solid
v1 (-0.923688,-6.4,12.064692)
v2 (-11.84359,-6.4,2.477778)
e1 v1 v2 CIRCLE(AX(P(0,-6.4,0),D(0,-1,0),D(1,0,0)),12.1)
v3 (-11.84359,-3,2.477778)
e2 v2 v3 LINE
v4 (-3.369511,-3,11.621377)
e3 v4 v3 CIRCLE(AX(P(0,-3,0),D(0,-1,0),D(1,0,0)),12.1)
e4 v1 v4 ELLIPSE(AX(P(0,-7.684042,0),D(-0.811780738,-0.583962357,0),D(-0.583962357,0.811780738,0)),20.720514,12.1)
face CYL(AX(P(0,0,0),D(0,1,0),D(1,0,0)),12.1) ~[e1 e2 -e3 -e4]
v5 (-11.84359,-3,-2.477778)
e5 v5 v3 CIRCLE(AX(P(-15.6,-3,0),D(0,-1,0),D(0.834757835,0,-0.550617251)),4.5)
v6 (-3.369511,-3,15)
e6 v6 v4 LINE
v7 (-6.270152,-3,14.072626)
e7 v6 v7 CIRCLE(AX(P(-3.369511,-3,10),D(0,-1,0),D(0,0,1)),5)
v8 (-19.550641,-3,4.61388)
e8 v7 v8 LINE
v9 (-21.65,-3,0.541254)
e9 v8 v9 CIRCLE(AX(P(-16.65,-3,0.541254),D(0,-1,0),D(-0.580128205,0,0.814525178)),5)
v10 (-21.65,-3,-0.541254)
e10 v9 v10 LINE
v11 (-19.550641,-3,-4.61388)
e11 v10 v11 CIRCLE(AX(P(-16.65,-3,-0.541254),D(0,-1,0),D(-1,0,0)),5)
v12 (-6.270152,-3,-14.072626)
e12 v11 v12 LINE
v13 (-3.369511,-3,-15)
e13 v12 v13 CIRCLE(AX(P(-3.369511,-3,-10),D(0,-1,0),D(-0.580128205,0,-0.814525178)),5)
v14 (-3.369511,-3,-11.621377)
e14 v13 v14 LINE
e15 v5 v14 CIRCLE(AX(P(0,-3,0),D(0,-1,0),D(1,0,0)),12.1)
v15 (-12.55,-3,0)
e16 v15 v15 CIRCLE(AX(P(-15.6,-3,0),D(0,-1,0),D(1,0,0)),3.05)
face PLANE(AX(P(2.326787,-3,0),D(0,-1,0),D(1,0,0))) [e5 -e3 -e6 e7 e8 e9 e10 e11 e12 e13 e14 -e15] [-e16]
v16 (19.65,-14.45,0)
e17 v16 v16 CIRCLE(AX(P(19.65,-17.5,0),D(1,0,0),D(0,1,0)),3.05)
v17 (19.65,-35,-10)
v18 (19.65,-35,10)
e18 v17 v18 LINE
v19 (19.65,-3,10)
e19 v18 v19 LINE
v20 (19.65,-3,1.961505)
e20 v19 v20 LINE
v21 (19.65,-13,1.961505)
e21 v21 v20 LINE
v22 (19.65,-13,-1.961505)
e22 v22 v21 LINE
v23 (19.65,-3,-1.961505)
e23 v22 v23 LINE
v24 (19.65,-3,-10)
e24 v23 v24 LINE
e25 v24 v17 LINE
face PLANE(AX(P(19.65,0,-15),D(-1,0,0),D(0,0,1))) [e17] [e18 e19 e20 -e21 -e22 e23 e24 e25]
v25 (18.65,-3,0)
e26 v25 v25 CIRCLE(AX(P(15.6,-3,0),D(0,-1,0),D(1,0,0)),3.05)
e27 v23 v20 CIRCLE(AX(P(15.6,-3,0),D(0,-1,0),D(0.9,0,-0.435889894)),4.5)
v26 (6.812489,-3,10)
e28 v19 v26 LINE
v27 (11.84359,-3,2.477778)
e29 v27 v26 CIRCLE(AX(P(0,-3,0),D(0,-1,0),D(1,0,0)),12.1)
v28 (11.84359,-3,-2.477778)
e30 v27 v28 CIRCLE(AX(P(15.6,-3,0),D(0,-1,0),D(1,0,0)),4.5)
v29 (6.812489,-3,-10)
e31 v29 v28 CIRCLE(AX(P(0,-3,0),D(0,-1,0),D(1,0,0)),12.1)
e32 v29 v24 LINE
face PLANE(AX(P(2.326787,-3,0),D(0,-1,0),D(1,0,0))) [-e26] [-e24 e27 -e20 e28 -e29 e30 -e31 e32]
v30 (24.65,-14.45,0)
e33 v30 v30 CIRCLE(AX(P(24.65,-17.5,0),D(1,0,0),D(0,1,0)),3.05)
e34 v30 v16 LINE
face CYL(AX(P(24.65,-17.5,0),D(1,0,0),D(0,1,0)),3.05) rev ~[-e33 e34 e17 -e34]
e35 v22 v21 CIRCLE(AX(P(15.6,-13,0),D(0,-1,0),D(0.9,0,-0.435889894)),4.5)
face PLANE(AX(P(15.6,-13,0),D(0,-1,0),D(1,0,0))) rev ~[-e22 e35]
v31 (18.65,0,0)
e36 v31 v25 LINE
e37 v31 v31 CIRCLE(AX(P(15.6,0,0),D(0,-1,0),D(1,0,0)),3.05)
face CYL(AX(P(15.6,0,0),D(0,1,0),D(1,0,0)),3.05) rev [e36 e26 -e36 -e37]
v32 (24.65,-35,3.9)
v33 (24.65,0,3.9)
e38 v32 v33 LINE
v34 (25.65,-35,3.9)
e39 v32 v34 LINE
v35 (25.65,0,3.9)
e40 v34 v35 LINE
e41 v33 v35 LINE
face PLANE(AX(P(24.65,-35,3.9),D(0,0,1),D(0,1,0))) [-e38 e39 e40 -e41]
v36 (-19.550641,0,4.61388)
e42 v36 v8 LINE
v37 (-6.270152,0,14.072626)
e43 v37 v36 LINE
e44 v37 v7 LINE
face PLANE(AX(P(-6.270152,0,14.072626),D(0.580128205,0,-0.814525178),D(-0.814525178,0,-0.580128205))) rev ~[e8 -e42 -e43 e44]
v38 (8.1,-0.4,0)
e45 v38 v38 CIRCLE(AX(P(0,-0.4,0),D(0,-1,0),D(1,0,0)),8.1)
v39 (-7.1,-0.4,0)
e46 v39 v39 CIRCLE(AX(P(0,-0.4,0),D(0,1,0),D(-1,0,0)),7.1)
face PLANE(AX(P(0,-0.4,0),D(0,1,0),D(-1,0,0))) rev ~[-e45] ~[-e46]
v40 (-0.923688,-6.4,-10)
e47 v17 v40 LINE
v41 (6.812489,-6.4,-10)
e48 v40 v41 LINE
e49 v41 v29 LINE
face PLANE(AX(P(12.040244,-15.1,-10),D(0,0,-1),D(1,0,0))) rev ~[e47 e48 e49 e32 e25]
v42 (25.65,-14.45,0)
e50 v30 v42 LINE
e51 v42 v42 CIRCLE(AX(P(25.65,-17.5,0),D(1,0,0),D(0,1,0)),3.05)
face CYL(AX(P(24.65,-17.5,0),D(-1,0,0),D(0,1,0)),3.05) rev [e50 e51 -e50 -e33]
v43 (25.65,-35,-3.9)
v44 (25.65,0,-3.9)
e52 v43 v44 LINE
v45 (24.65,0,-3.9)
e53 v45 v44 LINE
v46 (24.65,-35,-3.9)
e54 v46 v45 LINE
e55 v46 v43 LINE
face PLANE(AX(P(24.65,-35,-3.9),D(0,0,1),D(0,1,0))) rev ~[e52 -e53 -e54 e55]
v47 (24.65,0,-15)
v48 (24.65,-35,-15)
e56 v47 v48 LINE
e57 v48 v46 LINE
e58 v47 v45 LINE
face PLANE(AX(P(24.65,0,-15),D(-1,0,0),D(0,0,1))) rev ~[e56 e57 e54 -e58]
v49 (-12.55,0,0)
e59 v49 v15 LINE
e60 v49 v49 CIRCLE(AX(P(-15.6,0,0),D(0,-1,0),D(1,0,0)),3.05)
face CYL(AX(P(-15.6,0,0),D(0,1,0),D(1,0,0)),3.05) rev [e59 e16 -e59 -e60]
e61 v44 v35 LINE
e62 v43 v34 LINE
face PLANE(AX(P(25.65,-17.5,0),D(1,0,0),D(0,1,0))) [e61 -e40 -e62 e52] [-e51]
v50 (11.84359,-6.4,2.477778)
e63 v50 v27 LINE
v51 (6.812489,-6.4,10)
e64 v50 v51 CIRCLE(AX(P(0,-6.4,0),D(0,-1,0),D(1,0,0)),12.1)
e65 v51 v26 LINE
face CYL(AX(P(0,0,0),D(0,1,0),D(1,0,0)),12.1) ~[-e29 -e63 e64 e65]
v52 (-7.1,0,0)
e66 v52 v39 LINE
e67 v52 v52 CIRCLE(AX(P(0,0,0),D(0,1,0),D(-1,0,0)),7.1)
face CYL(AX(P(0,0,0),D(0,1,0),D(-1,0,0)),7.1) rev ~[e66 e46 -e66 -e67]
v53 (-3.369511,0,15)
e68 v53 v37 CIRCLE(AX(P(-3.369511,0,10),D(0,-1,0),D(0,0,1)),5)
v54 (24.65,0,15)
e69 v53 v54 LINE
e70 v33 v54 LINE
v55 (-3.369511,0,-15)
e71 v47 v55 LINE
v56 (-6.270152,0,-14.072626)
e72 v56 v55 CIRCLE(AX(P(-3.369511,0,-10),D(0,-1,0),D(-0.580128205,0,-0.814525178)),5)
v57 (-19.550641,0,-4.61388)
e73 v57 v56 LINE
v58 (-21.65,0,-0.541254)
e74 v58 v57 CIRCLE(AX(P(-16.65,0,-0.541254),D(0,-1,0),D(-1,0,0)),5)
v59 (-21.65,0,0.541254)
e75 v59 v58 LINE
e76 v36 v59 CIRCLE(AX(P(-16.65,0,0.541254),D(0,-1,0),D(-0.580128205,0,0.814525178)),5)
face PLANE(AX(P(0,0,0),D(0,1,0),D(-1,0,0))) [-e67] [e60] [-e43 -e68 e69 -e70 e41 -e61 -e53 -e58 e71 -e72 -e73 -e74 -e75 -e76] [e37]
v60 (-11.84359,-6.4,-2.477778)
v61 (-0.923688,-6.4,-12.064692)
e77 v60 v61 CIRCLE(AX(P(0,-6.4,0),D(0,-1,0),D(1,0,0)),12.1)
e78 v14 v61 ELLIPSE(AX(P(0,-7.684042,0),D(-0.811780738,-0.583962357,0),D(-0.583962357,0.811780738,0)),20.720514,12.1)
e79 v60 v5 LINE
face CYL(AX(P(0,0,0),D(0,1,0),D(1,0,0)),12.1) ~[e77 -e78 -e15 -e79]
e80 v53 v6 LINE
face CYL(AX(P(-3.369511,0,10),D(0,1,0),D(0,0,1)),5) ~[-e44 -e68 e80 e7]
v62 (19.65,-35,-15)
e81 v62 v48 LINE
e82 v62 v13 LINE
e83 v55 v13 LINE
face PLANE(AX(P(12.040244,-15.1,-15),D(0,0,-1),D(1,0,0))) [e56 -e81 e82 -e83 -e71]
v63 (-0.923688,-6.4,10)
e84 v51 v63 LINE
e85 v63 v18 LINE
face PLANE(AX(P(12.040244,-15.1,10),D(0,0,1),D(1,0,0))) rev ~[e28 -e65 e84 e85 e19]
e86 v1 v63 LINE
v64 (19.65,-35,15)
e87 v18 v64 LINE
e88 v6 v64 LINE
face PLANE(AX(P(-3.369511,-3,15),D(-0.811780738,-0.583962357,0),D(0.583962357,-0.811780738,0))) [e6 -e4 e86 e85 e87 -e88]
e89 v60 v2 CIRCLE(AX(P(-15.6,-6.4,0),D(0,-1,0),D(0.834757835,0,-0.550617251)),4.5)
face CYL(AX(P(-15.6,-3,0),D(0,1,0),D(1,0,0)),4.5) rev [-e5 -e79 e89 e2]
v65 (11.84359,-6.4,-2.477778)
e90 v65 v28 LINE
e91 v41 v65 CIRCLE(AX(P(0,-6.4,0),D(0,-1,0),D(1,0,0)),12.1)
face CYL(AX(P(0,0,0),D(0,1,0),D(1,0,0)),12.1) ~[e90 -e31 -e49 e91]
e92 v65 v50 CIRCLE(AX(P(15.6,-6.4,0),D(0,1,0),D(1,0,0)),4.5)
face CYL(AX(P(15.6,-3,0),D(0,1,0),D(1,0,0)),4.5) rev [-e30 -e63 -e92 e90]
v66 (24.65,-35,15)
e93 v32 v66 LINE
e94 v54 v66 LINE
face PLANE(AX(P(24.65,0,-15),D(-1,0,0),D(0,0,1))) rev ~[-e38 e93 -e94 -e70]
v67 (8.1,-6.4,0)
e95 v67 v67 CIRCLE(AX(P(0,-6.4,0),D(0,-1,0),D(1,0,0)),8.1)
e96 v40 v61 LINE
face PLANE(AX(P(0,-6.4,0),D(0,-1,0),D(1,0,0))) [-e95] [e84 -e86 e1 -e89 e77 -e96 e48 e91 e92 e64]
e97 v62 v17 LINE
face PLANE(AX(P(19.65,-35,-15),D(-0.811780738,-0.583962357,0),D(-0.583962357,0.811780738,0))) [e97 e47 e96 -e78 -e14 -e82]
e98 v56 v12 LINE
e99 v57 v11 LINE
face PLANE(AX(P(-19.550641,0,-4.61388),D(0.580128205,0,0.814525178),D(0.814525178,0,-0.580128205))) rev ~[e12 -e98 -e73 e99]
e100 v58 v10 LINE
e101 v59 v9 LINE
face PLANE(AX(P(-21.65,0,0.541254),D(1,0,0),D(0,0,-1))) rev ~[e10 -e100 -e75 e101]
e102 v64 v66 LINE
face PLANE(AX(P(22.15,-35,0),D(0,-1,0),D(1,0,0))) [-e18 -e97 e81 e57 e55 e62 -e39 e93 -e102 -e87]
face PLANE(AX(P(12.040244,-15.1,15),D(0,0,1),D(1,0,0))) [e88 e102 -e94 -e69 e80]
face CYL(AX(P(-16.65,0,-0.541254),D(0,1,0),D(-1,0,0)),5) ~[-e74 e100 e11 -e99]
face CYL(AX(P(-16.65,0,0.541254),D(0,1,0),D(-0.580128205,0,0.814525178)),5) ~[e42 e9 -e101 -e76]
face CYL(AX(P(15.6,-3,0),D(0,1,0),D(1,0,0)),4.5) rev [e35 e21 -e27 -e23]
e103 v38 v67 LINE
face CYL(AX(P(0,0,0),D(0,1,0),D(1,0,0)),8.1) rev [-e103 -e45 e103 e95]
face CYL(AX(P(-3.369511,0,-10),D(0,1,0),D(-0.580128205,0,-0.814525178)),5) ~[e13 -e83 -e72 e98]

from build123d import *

# Parameters (mm, degrees)
F0_R      = 12.1
F0_R_2    = 8.1
F1_DEPTH  = 6.4
F0_R_3    = 3.05
F0_W      = 5
F0_H      = 30
F2_DEPTH  = 3
F3_R      = 8.1
F3_R_2    = 7.1
F4_DEPTH  = 0.4
F5_DEPTH  = 35
F6_R      = 4.5
F7_DEPTH  = 10
F9_DEPTH  = 5
F11_DEPTH = 5
F12_W     = 35
F12_H     = 7.8
F12_R     = 3.05
F13_DEPTH = 1
F14_DEPTH = 46.301


with BuildPart() as f1:
    # F0 (on Front) → F1 (new body)
    with BuildSketch(Plane.XZ):
        Circle(F0_R)
        Circle(F0_R_2, mode=Mode.SUBTRACT)
    extrude(amount=F1_DEPTH)

    # F0 (on Front) → F2 (join)
    with BuildSketch(Plane.XZ):
        with BuildLine():
            Line((-21.65, 0.5412544591), (-21.65, -0.5412544591))
            ThreePointArc((-21.65, -0.5412544591), (-21.0942775075, -2.8321925717), (-19.5506410256, -4.6138803491))
            Line((-19.5506410256, -4.6138803491), (-6.2701517693, -14.0726258901))
            ThreePointArc((-6.2701517693, -14.0726258901), (-4.892151632, -14.7625166378), (-3.3695107437, -15))
            Line((-3.3695107437, -15), (19.65, -15))
            Line((19.65, -15), (19.65, 15))
            Line((19.65, 15), (-3.3695107437, 15))
            ThreePointArc((-3.3695107437, 15), (-4.892151632, 14.7625166378), (-6.2701517693, 14.0726258901))
            Line((-6.2701517693, 14.0726258901), (-19.5506410256, 4.6138803491))
            ThreePointArc((-19.5506410256, 4.6138803491), (-21.0942775075, 2.8321925717), (-21.65, 0.5412544591))
        make_face()
        with Locations((-15.6, 0)):
            Circle(F0_R_3, mode=Mode.SUBTRACT)
        Circle(F0_R, mode=Mode.SUBTRACT)
        with Locations((15.6, 0)):
            Circle(F0_R_3, mode=Mode.SUBTRACT)
        with Locations((22.15, 0)):
            Rectangle(F0_W, F0_H)
    extrude(amount=F2_DEPTH)

    # F3 (on face) → F4 (join)
    with BuildSketch(Plane(origin=(0, 0, 0), x_dir=(-1, 0, 0), z_dir=(0, 1, 0))):
        Circle(F3_R)
        Circle(F3_R_2, mode=Mode.SUBTRACT)
    extrude(amount=-F4_DEPTH)

    # F0 (on Front) → F5 (join)
    with BuildSketch(Plane.XZ):
        with Locations((22.15, 0)):
            Rectangle(F0_W, F0_H)
    extrude(amount=F5_DEPTH)

    # F6 (on face) → F7 (cut)
    with BuildSketch(Plane.XZ.offset(3)):
        with Locations((-15.6, 0)):
            Circle(F6_R)
        with Locations((15.6, 0)):
            Circle(F6_R)
    extrude(amount=F7_DEPTH, mode=Mode.SUBTRACT)

    # F8 (on face) → F9 (join)
    with BuildSketch(Plane(origin=(0, 0, -15), x_dir=(1, 0, 0), z_dir=(0, 0, -1))):
        Polygon((19.65, 3), (19.65, 35), (-3.3695107437, 3), align=None)
    extrude(amount=-F9_DEPTH)

    # F10 (on face) → F11 (join)
    with BuildSketch(Plane.XY.offset(15)):
        Polygon((19.65, -3), (-3.3695107437, -3), (19.65, -35), align=None)
    extrude(amount=-F11_DEPTH)

    # F12 (on face) → F13 (join)
    with BuildSketch(Plane.YZ.offset(24.65)):
        with Locations((-17.5, 0)):
            Rectangle(F12_W, F12_H)
        with Locations((-17.5, 0)):
            Circle(F12_R, mode=Mode.SUBTRACT)
    extrude(amount=F13_DEPTH)

    # F14 (cut, through all): a face of the model
    f14_faces = [f1.faces().sort_by_distance(p)[0] for p in [
        (24.65, -17.5, 0),
    ]]
    extrude(f14_faces, amount=-F14_DEPTH, mode=Mode.SUBTRACT)


solid = f1.part
